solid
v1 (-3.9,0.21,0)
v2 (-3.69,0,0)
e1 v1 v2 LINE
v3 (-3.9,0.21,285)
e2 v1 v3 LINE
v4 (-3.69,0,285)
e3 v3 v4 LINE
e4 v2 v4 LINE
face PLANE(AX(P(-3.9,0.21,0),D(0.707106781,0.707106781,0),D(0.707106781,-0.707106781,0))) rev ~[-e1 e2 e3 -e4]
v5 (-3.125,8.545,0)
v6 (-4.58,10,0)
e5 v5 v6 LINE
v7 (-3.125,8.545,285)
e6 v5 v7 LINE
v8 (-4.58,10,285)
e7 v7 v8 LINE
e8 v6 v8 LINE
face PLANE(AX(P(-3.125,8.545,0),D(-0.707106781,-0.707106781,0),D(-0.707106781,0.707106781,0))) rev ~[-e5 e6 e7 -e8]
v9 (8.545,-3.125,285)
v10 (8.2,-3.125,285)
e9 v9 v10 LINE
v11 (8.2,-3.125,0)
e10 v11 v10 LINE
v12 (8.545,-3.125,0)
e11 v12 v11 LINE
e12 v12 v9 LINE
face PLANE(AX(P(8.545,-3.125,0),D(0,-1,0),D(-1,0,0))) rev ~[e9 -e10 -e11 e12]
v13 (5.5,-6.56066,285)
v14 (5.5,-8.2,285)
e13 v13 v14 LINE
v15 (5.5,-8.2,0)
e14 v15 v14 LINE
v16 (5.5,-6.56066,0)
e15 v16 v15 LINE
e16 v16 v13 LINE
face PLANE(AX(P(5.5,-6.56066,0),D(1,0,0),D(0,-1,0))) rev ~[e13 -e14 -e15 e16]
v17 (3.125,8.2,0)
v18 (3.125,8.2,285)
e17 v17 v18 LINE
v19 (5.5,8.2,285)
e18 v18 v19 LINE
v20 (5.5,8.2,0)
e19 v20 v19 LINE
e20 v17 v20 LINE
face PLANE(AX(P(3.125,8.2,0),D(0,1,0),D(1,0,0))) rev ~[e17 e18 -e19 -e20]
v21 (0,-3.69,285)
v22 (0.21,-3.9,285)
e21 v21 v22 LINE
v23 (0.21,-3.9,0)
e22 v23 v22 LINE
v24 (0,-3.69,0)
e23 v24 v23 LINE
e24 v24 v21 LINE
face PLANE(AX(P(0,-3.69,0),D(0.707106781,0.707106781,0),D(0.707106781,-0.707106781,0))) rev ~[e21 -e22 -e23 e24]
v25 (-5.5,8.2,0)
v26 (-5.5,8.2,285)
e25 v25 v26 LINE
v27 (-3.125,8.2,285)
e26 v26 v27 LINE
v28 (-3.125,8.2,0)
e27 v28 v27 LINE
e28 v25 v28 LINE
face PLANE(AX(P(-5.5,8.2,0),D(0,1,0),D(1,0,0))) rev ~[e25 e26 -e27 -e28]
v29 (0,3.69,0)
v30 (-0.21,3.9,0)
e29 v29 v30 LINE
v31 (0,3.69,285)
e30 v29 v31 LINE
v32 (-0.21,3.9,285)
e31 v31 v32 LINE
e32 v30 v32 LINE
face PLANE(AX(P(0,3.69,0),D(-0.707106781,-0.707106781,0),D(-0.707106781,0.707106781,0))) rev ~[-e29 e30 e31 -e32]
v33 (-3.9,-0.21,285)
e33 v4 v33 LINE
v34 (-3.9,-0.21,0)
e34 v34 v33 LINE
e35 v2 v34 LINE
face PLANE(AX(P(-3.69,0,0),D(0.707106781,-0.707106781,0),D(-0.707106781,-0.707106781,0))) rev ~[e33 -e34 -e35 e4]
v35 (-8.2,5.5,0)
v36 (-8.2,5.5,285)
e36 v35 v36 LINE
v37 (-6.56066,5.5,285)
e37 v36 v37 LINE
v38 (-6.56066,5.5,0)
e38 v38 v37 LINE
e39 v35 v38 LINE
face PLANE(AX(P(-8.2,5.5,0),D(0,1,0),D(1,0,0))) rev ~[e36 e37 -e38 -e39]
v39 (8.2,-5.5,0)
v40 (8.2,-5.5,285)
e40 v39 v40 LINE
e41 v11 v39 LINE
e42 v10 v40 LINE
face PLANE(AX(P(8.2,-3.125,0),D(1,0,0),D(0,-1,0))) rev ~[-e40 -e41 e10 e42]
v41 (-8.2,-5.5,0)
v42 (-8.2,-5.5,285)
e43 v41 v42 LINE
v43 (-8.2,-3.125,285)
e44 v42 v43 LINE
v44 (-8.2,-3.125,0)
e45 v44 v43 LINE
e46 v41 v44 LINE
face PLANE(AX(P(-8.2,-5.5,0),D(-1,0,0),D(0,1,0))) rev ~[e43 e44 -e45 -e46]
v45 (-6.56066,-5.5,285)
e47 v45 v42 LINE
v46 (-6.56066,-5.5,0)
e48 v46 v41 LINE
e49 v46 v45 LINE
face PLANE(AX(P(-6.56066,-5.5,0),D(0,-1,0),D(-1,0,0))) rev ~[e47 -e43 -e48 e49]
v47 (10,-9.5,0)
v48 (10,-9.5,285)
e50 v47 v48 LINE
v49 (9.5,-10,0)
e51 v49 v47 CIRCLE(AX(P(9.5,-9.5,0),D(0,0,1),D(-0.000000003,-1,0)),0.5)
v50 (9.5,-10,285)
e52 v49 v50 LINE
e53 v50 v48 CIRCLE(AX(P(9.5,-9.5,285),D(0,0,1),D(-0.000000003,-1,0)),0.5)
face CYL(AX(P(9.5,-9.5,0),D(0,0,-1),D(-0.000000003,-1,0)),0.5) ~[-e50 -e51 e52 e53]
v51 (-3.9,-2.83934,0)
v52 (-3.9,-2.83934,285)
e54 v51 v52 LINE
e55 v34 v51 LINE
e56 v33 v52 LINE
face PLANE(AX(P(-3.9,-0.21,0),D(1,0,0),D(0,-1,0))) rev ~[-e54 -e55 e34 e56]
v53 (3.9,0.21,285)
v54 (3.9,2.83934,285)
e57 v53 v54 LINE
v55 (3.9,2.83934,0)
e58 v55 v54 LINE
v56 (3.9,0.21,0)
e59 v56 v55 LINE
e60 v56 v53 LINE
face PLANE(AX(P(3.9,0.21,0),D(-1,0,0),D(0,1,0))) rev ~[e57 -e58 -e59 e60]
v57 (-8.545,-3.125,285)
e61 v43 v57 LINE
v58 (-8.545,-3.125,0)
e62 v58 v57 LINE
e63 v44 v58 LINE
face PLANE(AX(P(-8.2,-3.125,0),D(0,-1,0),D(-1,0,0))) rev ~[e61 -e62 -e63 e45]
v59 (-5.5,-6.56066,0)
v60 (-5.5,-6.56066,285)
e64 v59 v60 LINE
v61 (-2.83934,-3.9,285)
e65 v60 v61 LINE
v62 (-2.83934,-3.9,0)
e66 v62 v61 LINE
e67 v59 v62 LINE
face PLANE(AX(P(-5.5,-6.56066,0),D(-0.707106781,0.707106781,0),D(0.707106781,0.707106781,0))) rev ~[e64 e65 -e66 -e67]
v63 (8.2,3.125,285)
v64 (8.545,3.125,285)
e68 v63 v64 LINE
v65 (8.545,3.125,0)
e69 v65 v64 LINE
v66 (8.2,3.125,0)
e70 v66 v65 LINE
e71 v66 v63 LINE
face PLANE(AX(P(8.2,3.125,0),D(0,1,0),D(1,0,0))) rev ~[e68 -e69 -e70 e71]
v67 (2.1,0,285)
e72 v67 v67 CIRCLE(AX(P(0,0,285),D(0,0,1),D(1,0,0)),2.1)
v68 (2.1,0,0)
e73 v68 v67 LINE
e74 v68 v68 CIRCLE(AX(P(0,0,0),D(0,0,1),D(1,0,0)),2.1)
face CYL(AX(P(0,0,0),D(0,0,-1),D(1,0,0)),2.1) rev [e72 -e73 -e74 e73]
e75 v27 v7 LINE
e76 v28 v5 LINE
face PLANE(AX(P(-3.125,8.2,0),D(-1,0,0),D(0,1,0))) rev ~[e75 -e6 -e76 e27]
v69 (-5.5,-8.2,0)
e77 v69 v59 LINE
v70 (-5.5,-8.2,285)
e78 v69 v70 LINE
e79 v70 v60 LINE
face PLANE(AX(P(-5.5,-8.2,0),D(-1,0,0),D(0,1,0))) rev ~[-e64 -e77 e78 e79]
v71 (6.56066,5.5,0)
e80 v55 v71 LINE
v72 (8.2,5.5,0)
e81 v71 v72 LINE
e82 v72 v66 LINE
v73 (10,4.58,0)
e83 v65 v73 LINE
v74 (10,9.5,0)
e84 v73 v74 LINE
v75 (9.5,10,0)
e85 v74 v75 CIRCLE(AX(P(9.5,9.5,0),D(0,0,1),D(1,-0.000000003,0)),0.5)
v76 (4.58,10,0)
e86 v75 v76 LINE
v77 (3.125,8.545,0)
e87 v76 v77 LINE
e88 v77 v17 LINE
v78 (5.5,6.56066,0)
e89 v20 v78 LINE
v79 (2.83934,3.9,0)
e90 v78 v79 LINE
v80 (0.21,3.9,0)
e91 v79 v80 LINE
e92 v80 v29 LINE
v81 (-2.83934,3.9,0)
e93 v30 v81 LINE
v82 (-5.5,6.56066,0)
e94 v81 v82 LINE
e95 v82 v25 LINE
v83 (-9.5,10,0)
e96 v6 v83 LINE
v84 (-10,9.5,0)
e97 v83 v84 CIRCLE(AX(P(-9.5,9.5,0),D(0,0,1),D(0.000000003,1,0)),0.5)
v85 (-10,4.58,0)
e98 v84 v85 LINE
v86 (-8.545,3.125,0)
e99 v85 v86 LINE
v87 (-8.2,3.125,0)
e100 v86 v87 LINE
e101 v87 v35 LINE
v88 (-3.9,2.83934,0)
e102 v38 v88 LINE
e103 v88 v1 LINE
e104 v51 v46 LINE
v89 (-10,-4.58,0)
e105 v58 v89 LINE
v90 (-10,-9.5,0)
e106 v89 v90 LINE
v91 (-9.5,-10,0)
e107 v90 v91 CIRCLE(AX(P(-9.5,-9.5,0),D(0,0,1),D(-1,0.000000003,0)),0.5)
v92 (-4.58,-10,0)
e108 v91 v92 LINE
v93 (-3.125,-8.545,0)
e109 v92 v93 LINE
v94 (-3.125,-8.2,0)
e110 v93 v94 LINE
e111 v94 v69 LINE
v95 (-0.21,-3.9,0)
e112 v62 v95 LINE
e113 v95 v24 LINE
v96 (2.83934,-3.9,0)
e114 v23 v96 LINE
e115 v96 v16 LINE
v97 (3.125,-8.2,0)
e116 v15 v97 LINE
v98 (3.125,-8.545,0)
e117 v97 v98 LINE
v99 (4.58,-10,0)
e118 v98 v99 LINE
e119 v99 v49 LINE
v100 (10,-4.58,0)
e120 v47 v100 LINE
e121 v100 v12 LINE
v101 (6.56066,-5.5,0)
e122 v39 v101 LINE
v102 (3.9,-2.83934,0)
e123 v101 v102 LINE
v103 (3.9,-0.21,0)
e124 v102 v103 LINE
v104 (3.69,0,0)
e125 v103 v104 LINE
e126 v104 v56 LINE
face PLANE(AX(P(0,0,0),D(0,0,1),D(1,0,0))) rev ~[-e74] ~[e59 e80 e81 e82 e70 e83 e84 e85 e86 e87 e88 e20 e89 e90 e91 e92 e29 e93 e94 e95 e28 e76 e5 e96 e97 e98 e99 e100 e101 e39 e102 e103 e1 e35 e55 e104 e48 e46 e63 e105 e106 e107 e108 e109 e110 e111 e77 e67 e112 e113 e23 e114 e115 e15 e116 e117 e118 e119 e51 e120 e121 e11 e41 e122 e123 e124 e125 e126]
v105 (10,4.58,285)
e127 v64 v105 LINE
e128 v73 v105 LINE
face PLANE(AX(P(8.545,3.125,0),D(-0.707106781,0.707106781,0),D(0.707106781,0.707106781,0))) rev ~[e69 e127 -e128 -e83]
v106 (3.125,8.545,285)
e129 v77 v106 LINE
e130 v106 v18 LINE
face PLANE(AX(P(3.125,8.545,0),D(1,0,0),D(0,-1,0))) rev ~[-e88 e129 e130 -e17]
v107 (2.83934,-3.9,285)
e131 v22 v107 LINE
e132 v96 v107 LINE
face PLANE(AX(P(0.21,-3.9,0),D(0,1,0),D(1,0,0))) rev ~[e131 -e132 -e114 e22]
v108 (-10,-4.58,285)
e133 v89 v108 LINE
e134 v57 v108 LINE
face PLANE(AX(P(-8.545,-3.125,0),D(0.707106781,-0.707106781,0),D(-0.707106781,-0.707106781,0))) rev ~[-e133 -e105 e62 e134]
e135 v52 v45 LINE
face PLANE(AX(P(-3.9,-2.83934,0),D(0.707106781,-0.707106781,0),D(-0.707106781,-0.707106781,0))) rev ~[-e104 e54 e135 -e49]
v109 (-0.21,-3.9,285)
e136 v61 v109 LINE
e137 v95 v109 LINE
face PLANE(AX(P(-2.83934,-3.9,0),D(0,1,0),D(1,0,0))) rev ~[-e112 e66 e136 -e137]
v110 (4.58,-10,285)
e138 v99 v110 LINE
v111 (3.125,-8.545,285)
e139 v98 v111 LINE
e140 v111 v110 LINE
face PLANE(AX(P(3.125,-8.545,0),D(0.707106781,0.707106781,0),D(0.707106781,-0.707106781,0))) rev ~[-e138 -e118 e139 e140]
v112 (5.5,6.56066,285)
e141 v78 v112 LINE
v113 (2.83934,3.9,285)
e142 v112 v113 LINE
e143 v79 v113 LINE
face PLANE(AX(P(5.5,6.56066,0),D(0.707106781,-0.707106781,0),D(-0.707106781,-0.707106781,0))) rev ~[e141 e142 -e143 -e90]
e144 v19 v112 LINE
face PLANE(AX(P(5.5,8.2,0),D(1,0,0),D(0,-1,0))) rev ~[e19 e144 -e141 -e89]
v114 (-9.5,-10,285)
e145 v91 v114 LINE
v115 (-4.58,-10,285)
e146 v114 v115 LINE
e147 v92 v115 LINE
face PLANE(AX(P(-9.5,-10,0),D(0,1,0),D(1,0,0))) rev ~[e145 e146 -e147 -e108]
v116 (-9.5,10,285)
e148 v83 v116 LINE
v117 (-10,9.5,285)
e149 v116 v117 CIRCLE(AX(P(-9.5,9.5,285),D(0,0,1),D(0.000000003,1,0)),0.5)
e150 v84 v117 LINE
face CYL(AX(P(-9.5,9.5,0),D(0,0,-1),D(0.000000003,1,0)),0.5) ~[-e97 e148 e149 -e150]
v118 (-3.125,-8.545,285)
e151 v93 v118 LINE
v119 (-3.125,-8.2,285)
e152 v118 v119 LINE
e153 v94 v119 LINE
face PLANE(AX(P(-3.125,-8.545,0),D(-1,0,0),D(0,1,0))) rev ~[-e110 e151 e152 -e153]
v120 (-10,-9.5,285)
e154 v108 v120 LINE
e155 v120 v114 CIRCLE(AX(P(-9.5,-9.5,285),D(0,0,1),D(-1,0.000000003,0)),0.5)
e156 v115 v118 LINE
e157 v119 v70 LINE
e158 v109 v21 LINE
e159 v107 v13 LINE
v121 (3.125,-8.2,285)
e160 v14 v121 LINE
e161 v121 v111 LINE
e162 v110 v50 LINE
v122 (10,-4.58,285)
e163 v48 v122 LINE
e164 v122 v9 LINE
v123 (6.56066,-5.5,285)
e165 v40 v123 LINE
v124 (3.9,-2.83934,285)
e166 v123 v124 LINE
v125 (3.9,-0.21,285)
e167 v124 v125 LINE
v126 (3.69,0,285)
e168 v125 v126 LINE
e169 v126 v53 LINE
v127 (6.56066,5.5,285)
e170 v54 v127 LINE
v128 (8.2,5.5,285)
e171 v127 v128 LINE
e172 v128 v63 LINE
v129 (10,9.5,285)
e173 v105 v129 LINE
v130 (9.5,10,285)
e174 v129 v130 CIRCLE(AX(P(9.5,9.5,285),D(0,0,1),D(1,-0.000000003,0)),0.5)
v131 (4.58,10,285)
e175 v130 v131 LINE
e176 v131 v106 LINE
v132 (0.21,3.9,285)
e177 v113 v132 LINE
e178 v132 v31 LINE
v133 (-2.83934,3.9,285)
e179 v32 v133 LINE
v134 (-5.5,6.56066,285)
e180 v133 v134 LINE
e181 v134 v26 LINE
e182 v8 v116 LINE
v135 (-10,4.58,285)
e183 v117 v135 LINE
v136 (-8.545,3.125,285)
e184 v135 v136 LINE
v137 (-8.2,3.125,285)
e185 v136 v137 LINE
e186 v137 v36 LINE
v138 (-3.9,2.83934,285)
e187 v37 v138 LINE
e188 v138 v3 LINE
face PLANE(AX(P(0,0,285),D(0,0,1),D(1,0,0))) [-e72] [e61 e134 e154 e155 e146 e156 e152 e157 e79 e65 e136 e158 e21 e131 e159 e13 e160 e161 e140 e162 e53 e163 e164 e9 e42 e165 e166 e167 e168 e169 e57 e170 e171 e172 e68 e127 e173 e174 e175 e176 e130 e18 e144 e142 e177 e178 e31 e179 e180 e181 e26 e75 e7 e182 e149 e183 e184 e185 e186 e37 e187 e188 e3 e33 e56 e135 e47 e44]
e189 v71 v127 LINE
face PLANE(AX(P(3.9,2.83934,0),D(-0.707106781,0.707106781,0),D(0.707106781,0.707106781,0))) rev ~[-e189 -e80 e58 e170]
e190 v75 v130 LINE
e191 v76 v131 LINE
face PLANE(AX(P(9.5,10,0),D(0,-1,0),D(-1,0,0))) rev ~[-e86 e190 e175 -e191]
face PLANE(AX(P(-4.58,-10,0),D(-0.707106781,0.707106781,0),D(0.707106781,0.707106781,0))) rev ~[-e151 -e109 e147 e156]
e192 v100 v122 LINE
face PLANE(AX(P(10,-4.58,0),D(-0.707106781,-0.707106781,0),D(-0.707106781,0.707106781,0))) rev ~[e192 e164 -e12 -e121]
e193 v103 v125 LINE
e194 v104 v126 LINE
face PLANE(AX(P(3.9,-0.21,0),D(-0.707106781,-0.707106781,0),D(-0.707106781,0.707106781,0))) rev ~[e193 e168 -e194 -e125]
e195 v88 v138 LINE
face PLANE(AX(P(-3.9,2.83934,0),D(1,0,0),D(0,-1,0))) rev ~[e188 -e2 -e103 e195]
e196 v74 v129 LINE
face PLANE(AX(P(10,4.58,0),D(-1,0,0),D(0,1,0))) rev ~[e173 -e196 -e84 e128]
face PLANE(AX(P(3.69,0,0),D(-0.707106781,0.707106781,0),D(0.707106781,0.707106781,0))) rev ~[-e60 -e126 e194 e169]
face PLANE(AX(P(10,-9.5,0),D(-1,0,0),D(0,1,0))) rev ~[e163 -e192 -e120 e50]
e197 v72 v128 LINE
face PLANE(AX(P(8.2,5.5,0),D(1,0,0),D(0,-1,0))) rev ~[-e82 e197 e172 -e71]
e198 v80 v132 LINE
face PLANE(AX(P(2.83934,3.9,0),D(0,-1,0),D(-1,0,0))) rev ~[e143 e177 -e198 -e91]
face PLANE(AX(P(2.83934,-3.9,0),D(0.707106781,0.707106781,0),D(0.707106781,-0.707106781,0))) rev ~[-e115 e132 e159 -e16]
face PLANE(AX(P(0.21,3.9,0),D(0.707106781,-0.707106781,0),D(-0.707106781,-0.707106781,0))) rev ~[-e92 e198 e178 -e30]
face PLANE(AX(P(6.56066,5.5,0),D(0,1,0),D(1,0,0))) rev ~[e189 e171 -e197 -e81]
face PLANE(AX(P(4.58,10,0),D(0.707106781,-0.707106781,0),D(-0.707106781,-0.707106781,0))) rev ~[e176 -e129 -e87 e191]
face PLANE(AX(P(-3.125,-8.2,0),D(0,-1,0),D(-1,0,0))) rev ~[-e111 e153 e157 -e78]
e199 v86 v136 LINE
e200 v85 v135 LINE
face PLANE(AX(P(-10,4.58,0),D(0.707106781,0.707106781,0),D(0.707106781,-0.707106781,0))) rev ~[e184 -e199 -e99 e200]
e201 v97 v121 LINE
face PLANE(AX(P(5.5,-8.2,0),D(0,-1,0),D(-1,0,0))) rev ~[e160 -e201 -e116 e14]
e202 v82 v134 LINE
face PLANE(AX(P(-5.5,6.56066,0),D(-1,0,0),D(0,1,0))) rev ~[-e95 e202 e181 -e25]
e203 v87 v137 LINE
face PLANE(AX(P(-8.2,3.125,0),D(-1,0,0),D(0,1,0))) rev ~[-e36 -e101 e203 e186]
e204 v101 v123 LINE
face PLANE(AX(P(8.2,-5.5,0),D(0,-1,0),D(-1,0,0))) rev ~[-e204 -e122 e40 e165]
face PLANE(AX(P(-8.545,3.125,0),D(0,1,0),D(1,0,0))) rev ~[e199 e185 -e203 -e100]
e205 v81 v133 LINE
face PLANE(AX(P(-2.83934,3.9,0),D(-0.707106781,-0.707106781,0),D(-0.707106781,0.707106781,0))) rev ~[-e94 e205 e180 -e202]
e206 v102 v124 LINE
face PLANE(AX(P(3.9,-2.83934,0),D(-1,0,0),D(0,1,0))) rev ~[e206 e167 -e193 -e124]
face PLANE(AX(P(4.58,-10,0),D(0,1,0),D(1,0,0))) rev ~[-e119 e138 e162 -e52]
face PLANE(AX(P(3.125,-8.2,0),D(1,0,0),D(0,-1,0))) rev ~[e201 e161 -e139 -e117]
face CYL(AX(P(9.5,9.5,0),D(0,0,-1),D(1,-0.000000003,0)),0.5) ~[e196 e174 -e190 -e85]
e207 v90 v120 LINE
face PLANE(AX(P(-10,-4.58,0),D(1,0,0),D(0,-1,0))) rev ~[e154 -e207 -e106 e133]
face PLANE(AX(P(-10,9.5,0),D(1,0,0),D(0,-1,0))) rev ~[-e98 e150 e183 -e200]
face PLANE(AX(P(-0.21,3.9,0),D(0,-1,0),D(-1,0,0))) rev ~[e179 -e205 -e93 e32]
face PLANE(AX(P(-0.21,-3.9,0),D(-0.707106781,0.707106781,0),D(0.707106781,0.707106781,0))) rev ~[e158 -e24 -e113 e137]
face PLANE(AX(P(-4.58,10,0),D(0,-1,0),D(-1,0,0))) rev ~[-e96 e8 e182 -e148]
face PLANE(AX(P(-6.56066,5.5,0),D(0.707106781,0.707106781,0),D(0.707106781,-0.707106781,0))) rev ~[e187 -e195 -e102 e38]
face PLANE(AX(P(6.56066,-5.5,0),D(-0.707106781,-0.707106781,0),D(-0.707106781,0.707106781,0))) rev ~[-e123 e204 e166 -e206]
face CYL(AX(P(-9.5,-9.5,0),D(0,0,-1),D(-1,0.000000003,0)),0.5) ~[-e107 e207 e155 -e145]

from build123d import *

# Parameters (mm, degrees)
ESBO_O1_R                = 2.1
RESSALTO_EXTRUS_O1_DEPTH = 285


with BuildPart() as part:
    # Esboço1 → Ressalto-extrusão1 (new body)
    with BuildSketch(Plane.XY):
        with BuildLine():
            Line((3.9, -0.21), (3.69, 0))
            Line((3.69, 0), (3.9, 0.21))
            Line((3.9, 0.21), (3.9, 2.839339828))
            Line((3.9, 2.839339828), (6.560660172, 5.5))
            Line((6.560660172, 5.5), (8.2, 5.5))
            Line((8.2, 5.5), (8.2, 3.125))
            Line((8.2, 3.125), (8.545, 3.125))
            Line((8.545, 3.125), (10, 4.58))
            Line((10, 4.58), (10, 9.5))
            ThreePointArc((10, 9.5), (9.853553391, 9.853553391), (9.5, 10))
            Line((9.5, 10), (4.58, 10))
            Line((4.58, 10), (3.125, 8.545))
            Line((3.125, 8.545), (3.125, 8.2))
            Line((3.125, 8.2), (5.5, 8.2))
            Line((5.5, 8.2), (5.5, 6.560660172))
            Line((5.5, 6.560660172), (2.839339828, 3.9))
            Line((2.839339828, 3.9), (0.21, 3.9))
            Line((0.21, 3.9), (0, 3.69))
            Line((0, 3.69), (-0.21, 3.9))
            Line((-0.21, 3.9), (-2.839339828, 3.9))
            Line((-2.839339828, 3.9), (-5.5, 6.560660172))
            Line((-5.5, 6.560660172), (-5.5, 8.2))
            Line((-5.5, 8.2), (-3.125, 8.2))
            Line((-3.125, 8.2), (-3.125, 8.545))
            Line((-3.125, 8.545), (-4.58, 10))
            Line((-4.58, 10), (-9.5, 10))
            ThreePointArc((-9.5, 10), (-9.853553391, 9.853553391), (-10, 9.5))
            Line((-10, 9.5), (-10, 4.58))
            Line((-10, 4.58), (-8.545, 3.125))
            Line((-8.545, 3.125), (-8.2, 3.125))
            Line((-8.2, 3.125), (-8.2, 5.5))
            Line((-8.2, 5.5), (-6.560660172, 5.5))
            Line((-6.560660172, 5.5), (-3.9, 2.839339828))
            Line((-3.9, 2.839339828), (-3.9, 0.21))
            Line((-3.9, 0.21), (-3.69, 0))
            Line((-3.69, 0), (-3.9, -0.21))
            Line((-3.9, -0.21), (-3.9, -2.839339828))
            Line((-3.9, -2.839339828), (-6.560660172, -5.5))
            Line((-6.560660172, -5.5), (-8.2, -5.5))
            Line((-8.2, -5.5), (-8.2, -3.125))
            Line((-8.2, -3.125), (-8.545, -3.125))
            Line((-8.545, -3.125), (-10, -4.58))
            Line((-10, -4.58), (-10, -9.5))
            ThreePointArc((-10, -9.5), (-9.853553391, -9.853553391), (-9.5, -10))
            Line((-9.5, -10), (-4.58, -10))
            Line((-4.58, -10), (-3.125, -8.545))
            Line((-3.125, -8.545), (-3.125, -8.2))
            Line((-3.125, -8.2), (-5.5, -8.2))
            Line((-5.5, -8.2), (-5.5, -6.560660172))
            Line((-5.5, -6.560660172), (-2.839339828, -3.9))
            Line((-2.839339828, -3.9), (-0.21, -3.9))
            Line((-0.21, -3.9), (0, -3.69))
            Line((0, -3.69), (0.21, -3.9))
            Line((0.21, -3.9), (2.839339828, -3.9))
            Line((2.839339828, -3.9), (5.5, -6.560660172))
            Line((5.5, -6.560660172), (5.5, -8.2))
            Line((5.5, -8.2), (3.125, -8.2))
            Line((3.125, -8.2), (3.125, -8.545))
            Line((3.125, -8.545), (4.58, -10))
            Line((4.58, -10), (9.5, -10))
            ThreePointArc((9.5, -10), (9.853553391, -9.853553391), (10, -9.5))
            Line((10, -9.5), (10, -4.58))
            Line((10, -4.58), (8.545, -3.125))
            Line((8.545, -3.125), (8.2, -3.125))
            Line((8.2, -3.125), (8.2, -5.5))
            Line((8.2, -5.5), (6.560660172, -5.5))
            Line((6.560660172, -5.5), (3.9, -2.839339828))
            Line((3.9, -2.839339828), (3.9, -0.21))
        make_face()
        Circle(ESBO_O1_R, mode=Mode.SUBTRACT)
    extrude(amount=RESSALTO_EXTRUS_O1_DEPTH)


solid = part.part
